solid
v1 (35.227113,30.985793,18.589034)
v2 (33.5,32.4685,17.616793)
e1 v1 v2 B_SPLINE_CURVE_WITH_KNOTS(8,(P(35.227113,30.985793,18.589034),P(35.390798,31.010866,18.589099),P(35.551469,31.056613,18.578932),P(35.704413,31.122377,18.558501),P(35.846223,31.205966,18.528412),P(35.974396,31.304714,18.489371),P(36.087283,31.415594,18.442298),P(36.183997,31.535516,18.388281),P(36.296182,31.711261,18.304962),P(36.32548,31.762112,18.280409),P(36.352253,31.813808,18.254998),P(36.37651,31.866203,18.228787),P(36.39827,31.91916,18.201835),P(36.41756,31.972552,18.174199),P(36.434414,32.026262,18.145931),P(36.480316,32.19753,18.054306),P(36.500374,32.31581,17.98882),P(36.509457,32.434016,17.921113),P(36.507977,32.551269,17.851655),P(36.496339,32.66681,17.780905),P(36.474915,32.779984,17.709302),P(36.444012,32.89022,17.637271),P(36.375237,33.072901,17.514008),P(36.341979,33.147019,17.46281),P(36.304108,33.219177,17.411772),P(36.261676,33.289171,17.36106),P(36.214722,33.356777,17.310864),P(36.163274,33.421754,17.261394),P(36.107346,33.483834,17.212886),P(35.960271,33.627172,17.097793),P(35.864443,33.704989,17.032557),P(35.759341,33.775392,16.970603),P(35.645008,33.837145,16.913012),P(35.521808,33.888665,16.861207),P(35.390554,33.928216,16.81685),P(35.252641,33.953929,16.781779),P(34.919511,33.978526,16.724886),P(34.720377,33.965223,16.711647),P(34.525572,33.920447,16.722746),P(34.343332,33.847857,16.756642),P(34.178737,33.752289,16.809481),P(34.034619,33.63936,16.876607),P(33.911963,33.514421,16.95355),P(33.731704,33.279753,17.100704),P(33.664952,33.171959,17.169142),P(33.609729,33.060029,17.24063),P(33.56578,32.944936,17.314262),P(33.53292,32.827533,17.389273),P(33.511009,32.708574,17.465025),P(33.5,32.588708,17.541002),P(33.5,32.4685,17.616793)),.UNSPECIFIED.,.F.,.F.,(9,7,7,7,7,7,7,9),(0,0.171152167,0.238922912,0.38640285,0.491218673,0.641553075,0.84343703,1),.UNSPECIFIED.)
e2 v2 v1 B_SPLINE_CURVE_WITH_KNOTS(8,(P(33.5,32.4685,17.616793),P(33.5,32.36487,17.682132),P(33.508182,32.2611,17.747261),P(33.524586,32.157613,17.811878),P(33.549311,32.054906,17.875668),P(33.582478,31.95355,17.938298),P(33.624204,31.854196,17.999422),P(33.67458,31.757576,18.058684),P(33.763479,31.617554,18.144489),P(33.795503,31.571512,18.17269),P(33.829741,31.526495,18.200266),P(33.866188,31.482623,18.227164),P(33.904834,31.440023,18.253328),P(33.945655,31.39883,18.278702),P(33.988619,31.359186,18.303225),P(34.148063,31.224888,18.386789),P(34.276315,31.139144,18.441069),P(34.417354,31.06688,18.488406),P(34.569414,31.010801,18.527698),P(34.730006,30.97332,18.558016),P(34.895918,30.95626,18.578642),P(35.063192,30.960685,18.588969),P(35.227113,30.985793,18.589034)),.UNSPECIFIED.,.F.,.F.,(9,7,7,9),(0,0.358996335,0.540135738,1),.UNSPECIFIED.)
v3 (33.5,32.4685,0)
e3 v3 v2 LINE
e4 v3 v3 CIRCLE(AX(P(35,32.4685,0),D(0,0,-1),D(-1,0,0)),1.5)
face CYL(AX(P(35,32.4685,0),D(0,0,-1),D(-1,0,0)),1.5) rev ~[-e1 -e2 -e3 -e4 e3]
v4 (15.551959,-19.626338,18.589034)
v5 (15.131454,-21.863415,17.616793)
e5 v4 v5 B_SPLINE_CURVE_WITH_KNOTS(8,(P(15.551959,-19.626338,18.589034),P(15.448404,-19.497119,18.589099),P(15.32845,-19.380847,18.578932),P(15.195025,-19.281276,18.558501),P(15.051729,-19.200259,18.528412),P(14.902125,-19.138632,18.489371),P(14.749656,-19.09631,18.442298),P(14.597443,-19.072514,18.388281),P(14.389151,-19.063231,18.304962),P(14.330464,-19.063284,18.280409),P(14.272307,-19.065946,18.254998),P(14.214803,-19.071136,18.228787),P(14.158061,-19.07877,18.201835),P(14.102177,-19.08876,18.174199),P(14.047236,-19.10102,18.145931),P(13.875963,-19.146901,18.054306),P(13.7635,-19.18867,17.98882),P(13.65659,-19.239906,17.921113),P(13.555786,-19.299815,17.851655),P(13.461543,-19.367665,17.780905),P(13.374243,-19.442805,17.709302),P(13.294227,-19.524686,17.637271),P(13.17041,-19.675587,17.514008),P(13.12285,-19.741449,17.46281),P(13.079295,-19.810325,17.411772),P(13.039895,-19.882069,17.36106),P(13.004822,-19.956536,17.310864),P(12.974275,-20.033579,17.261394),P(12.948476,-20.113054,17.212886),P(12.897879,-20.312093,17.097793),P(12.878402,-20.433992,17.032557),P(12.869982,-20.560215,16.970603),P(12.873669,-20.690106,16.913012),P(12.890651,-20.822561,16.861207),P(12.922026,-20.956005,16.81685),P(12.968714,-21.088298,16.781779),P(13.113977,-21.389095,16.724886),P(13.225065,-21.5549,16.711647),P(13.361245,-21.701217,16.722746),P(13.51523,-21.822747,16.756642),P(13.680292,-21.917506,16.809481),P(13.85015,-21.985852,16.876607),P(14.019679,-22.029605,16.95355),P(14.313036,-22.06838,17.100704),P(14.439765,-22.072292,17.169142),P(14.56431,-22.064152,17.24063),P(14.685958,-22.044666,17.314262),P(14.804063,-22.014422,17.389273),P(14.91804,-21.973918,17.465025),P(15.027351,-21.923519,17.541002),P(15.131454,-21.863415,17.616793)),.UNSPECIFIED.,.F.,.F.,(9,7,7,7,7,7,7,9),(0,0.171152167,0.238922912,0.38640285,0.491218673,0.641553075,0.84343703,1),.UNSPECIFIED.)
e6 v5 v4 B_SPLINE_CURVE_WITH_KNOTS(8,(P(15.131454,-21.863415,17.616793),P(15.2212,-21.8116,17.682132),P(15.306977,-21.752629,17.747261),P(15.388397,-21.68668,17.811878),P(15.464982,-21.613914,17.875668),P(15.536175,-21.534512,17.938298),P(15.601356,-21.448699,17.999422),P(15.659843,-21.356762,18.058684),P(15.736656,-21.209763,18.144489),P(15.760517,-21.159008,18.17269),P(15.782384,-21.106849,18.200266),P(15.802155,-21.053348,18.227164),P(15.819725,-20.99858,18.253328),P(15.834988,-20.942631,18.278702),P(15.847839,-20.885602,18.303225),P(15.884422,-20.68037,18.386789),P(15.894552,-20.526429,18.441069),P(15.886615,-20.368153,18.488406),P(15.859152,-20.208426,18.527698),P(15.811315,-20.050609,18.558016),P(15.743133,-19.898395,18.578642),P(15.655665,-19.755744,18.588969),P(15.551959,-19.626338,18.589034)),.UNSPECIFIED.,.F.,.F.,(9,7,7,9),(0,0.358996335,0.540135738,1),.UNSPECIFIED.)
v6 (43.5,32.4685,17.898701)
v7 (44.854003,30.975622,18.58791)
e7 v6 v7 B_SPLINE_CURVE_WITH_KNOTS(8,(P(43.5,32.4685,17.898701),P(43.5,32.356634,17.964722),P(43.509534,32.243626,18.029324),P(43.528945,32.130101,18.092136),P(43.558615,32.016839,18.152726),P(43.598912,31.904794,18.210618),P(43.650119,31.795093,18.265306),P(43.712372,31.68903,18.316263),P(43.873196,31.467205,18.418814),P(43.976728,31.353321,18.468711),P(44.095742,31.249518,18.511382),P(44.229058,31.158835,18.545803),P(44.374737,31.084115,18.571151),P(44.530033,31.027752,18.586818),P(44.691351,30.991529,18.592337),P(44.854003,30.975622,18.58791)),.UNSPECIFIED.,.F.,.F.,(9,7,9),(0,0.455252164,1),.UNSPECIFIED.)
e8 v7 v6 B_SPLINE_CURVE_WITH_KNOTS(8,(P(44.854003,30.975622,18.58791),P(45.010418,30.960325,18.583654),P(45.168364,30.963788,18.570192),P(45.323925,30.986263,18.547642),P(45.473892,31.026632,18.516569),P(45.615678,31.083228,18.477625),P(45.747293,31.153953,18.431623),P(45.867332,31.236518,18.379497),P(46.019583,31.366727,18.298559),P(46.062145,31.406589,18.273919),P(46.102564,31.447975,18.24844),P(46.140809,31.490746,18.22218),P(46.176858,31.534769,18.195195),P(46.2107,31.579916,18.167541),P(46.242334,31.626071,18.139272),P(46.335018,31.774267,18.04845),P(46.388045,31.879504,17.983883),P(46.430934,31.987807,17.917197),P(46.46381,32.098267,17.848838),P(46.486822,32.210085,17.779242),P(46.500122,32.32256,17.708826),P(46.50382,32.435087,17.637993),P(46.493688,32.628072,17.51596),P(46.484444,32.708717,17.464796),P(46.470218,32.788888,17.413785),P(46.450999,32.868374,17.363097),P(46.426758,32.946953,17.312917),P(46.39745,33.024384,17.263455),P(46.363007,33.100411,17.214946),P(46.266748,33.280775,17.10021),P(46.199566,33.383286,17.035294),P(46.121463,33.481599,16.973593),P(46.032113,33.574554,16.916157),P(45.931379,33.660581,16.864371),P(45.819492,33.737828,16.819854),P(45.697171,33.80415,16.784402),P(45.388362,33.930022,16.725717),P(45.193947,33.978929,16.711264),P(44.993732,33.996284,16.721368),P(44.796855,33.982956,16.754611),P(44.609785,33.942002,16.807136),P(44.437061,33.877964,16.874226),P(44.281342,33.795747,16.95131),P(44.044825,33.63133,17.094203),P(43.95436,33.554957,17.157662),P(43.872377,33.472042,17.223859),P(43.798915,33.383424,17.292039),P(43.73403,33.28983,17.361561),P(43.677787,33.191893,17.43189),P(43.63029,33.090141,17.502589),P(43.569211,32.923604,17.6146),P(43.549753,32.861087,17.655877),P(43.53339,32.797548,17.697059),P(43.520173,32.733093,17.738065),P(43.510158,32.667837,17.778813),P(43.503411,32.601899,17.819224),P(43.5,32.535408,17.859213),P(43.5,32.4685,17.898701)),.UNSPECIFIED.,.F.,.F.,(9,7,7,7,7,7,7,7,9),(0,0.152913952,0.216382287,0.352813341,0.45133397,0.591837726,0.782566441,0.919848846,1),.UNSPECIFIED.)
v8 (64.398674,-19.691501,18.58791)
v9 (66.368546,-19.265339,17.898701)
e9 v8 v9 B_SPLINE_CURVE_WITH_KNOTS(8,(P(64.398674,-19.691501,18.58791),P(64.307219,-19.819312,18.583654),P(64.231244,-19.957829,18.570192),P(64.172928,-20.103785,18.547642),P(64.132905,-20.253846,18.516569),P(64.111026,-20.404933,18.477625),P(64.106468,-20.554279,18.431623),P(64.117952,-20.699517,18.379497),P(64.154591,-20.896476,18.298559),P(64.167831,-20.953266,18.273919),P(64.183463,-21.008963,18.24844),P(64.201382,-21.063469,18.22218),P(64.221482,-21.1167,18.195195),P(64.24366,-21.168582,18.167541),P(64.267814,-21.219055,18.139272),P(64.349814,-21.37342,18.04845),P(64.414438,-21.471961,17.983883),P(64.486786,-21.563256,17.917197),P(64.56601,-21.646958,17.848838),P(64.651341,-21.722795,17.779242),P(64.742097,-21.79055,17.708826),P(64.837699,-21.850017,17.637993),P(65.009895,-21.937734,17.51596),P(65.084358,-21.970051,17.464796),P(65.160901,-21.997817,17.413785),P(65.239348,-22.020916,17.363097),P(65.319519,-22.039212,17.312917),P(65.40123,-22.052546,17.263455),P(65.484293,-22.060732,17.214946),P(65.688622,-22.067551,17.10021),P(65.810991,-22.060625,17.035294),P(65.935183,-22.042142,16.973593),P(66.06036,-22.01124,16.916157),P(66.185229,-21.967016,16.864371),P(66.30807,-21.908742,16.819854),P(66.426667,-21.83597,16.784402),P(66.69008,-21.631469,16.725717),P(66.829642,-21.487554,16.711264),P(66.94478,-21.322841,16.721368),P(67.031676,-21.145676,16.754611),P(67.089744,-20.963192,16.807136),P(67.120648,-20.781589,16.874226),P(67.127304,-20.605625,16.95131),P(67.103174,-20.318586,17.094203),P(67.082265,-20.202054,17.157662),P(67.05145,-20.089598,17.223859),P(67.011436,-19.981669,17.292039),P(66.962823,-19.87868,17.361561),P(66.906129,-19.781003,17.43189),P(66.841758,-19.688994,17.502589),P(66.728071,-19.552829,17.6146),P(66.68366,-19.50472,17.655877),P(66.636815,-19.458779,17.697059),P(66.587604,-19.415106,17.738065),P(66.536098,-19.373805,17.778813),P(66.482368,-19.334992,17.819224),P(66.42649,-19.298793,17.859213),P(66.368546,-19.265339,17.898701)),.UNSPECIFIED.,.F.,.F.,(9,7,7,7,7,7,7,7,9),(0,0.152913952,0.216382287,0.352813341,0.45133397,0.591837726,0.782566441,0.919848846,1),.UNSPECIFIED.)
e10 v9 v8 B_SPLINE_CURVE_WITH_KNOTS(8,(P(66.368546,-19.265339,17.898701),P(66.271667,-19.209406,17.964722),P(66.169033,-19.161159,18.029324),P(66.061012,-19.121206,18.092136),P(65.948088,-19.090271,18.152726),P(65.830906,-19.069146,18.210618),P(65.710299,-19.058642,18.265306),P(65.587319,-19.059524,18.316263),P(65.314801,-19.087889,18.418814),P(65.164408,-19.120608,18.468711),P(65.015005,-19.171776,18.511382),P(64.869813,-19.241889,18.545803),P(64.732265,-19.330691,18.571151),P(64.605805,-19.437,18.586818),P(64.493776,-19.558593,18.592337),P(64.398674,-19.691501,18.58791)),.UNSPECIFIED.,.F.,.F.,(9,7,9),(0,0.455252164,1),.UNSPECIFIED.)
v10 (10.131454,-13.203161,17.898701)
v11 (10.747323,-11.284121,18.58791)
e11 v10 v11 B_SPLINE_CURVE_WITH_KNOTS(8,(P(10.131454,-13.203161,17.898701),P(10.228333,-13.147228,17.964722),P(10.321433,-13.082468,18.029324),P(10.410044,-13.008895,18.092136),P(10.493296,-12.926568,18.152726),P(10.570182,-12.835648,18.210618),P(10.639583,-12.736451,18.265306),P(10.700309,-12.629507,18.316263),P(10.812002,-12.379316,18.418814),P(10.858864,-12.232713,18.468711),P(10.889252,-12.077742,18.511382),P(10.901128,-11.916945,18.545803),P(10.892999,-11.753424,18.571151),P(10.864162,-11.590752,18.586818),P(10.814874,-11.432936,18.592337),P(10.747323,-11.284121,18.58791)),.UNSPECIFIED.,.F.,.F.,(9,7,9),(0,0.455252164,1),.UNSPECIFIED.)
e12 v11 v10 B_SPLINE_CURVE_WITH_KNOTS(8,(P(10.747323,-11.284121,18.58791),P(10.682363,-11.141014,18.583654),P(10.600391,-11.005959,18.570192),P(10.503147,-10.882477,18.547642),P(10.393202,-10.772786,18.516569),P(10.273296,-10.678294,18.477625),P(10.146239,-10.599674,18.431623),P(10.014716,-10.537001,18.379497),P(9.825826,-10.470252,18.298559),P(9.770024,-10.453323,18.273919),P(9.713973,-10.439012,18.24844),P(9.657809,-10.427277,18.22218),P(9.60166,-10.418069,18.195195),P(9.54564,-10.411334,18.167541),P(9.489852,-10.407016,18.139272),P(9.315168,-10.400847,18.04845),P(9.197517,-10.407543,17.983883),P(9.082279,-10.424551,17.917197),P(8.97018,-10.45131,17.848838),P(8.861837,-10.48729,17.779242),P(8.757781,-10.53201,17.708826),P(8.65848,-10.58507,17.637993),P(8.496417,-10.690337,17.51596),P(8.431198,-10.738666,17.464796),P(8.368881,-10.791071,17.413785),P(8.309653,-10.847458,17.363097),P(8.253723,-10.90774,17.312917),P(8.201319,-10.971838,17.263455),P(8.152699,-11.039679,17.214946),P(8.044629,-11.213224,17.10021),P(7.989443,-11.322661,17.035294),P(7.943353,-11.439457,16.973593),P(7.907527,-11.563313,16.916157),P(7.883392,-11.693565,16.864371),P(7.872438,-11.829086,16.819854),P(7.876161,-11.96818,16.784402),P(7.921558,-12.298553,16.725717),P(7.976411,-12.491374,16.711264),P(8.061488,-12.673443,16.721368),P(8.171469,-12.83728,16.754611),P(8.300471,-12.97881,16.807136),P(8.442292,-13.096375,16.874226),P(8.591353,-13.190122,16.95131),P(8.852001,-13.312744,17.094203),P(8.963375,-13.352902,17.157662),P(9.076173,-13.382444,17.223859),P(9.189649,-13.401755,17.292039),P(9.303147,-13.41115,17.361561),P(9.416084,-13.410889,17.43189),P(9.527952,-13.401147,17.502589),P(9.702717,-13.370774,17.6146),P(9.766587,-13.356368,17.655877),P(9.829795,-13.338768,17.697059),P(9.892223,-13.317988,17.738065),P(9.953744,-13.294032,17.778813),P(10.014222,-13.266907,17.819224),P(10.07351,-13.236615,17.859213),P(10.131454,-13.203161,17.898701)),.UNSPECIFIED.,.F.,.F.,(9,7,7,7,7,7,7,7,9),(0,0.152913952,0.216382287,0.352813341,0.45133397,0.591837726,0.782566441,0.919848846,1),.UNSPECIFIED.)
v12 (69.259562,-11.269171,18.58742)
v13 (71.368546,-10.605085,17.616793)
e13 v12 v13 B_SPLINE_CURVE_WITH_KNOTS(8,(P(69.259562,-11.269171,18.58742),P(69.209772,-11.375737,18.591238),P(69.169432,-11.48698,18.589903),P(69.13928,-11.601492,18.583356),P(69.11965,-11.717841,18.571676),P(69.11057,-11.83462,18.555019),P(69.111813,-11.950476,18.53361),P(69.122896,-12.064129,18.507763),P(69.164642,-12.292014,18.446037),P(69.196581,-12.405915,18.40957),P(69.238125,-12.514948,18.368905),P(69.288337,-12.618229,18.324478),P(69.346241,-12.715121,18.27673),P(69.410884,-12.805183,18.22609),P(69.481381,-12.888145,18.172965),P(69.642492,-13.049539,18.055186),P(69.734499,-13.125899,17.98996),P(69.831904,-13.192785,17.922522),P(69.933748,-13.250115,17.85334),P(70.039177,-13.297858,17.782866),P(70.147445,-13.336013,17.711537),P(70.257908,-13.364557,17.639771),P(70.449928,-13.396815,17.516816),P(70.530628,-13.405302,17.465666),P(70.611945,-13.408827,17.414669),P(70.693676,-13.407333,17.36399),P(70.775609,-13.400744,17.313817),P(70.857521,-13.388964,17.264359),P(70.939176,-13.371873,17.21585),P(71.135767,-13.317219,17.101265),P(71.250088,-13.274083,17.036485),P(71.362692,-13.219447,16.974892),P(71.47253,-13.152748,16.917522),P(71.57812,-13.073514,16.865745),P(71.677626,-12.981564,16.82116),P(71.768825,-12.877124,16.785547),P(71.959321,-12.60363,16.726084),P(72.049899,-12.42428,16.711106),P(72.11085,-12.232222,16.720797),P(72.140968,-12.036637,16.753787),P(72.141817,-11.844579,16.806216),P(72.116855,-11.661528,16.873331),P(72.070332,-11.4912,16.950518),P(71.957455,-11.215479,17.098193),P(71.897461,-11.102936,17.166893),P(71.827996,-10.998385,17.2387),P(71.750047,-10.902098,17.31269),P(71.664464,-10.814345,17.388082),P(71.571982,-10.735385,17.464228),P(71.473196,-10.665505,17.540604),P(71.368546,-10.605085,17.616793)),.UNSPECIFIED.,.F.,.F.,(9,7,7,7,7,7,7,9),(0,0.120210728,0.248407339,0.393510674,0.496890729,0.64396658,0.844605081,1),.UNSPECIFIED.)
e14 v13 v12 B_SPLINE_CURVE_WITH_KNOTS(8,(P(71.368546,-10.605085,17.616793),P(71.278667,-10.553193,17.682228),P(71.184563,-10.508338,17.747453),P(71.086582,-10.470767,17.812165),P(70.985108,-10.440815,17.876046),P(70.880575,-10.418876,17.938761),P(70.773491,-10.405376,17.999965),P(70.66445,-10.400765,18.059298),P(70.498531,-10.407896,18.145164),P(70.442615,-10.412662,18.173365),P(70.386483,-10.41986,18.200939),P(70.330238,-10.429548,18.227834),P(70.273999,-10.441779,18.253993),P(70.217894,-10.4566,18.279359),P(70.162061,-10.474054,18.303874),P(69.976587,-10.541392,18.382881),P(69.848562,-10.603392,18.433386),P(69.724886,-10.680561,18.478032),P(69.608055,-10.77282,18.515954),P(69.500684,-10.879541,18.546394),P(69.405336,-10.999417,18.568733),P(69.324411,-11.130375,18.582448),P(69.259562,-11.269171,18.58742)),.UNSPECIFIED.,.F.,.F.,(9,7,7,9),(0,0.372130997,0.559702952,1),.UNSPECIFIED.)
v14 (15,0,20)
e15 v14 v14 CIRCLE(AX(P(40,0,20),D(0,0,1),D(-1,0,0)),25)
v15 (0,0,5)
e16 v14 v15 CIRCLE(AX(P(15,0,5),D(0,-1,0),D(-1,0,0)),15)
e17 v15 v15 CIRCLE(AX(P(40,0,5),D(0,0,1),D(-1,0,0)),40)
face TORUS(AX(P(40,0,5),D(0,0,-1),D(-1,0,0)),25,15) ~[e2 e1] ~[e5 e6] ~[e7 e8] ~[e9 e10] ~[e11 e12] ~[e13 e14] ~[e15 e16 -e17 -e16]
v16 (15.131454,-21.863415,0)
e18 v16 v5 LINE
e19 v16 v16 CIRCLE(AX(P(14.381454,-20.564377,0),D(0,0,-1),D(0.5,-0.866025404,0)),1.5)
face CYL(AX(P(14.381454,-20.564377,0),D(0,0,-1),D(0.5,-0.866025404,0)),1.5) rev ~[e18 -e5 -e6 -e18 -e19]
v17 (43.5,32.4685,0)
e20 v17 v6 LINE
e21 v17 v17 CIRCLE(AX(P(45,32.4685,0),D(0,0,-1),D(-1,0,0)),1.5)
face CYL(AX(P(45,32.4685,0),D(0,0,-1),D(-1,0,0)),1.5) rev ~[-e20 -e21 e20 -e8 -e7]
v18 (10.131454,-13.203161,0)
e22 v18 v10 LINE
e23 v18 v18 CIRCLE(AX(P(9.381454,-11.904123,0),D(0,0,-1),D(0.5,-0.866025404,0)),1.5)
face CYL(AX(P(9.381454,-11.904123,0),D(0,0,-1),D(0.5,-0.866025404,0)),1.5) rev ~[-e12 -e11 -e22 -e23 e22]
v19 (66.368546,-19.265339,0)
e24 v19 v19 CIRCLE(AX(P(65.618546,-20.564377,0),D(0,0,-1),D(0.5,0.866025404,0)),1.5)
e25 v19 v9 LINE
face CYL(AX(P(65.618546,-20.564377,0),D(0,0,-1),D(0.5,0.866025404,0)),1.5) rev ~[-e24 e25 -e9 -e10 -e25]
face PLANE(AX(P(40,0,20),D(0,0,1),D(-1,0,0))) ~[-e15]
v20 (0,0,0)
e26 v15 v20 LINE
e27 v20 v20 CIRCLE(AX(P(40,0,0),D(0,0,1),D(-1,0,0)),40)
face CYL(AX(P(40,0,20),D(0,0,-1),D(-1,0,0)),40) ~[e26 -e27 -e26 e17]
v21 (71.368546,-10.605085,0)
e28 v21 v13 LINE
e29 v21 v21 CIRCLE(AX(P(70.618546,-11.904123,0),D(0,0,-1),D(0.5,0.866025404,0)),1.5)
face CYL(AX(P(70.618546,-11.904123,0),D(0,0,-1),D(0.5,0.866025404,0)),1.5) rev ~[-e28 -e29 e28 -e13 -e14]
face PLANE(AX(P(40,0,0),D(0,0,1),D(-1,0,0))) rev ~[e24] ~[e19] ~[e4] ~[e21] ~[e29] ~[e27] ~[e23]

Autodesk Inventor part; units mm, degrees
ref_plane "YZ Plane" through (0, 0, 0) normal (1, 0, 0) x (0, 1, 0)
ref_plane "XZ Plane" through (0, 0, 0) normal (0, 1, 0) x (-1, 0, 0)
ref_plane "XY Plane" through (0, 0, 0) normal (0, 0, 1) x (1, 0, 0)
sketch "Sketch1" plane through (0, 0, 0) normal (0, 1, 0) x (-1, 0, 0)
  line L0 (0, 0) -> (-40, 0)
  line L1 (-40, 0) -> (-40, 20)
  line L2 (-40, 20) -> (0, 20)
  line L3 (0, 20) -> (0, 0)
  dimension "d0" = 40
  dimension "d1" = 20
revolve "Revolution1" add sketch "Sketch1" angle 360 about axis through (40, 0, 0) along (0, 0, 1)
fillet "Fillet1" radius 15 1 edges at (80, 0, 20)
sketch "Sketch2" plane through (40, 0, 0) normal (0, 0, -1) x (-1, 0, 0)
  circle A0 centre (0, 0) radius 35
  circle A1 centre (0, 0) radius 40 projected
  point P0 (40, 0)
  dimension "d4" = 70
  dimension "d5" = 5
sketch "Sketch3" plane through (40, 0, 0) normal (0, 0, -1) x (-1, 0, 0)
  circle A0 centre (-5, 32.4685) radius 1.5
  circle A1 centre (5, 32.4685) radius 1.5
  point P0 (40, 0)
  point P1 (0, 0)
  dimension "d6" = 3
  dimension "d7" = 3
  dimension "d14" = 10
  dimension "d15" = 5
  dimension "d16" = 5
  dimension "d17" = 32.4685
extrude "Extrusion1" cut sketch "Sketch3" against normal blind 20
sketch "Sketch4" plane through (0, 0, 0) normal (0, 1, 0) x (-1, 0, 0)
  line L0 (-40, 27.46) -> (-40, -52.54) construction
  point P0 (0, 0)
  dimension "d20" = 80
  dimension "d21" = 80
pattern_circular "Circular Pattern1" count 3 over 360 about axis through (40, 0, 27.46) along (0, 0, -1) of "Extrusion1"
equation "\"d6\" = d7"
properties part number "Top_and_Bottom"
